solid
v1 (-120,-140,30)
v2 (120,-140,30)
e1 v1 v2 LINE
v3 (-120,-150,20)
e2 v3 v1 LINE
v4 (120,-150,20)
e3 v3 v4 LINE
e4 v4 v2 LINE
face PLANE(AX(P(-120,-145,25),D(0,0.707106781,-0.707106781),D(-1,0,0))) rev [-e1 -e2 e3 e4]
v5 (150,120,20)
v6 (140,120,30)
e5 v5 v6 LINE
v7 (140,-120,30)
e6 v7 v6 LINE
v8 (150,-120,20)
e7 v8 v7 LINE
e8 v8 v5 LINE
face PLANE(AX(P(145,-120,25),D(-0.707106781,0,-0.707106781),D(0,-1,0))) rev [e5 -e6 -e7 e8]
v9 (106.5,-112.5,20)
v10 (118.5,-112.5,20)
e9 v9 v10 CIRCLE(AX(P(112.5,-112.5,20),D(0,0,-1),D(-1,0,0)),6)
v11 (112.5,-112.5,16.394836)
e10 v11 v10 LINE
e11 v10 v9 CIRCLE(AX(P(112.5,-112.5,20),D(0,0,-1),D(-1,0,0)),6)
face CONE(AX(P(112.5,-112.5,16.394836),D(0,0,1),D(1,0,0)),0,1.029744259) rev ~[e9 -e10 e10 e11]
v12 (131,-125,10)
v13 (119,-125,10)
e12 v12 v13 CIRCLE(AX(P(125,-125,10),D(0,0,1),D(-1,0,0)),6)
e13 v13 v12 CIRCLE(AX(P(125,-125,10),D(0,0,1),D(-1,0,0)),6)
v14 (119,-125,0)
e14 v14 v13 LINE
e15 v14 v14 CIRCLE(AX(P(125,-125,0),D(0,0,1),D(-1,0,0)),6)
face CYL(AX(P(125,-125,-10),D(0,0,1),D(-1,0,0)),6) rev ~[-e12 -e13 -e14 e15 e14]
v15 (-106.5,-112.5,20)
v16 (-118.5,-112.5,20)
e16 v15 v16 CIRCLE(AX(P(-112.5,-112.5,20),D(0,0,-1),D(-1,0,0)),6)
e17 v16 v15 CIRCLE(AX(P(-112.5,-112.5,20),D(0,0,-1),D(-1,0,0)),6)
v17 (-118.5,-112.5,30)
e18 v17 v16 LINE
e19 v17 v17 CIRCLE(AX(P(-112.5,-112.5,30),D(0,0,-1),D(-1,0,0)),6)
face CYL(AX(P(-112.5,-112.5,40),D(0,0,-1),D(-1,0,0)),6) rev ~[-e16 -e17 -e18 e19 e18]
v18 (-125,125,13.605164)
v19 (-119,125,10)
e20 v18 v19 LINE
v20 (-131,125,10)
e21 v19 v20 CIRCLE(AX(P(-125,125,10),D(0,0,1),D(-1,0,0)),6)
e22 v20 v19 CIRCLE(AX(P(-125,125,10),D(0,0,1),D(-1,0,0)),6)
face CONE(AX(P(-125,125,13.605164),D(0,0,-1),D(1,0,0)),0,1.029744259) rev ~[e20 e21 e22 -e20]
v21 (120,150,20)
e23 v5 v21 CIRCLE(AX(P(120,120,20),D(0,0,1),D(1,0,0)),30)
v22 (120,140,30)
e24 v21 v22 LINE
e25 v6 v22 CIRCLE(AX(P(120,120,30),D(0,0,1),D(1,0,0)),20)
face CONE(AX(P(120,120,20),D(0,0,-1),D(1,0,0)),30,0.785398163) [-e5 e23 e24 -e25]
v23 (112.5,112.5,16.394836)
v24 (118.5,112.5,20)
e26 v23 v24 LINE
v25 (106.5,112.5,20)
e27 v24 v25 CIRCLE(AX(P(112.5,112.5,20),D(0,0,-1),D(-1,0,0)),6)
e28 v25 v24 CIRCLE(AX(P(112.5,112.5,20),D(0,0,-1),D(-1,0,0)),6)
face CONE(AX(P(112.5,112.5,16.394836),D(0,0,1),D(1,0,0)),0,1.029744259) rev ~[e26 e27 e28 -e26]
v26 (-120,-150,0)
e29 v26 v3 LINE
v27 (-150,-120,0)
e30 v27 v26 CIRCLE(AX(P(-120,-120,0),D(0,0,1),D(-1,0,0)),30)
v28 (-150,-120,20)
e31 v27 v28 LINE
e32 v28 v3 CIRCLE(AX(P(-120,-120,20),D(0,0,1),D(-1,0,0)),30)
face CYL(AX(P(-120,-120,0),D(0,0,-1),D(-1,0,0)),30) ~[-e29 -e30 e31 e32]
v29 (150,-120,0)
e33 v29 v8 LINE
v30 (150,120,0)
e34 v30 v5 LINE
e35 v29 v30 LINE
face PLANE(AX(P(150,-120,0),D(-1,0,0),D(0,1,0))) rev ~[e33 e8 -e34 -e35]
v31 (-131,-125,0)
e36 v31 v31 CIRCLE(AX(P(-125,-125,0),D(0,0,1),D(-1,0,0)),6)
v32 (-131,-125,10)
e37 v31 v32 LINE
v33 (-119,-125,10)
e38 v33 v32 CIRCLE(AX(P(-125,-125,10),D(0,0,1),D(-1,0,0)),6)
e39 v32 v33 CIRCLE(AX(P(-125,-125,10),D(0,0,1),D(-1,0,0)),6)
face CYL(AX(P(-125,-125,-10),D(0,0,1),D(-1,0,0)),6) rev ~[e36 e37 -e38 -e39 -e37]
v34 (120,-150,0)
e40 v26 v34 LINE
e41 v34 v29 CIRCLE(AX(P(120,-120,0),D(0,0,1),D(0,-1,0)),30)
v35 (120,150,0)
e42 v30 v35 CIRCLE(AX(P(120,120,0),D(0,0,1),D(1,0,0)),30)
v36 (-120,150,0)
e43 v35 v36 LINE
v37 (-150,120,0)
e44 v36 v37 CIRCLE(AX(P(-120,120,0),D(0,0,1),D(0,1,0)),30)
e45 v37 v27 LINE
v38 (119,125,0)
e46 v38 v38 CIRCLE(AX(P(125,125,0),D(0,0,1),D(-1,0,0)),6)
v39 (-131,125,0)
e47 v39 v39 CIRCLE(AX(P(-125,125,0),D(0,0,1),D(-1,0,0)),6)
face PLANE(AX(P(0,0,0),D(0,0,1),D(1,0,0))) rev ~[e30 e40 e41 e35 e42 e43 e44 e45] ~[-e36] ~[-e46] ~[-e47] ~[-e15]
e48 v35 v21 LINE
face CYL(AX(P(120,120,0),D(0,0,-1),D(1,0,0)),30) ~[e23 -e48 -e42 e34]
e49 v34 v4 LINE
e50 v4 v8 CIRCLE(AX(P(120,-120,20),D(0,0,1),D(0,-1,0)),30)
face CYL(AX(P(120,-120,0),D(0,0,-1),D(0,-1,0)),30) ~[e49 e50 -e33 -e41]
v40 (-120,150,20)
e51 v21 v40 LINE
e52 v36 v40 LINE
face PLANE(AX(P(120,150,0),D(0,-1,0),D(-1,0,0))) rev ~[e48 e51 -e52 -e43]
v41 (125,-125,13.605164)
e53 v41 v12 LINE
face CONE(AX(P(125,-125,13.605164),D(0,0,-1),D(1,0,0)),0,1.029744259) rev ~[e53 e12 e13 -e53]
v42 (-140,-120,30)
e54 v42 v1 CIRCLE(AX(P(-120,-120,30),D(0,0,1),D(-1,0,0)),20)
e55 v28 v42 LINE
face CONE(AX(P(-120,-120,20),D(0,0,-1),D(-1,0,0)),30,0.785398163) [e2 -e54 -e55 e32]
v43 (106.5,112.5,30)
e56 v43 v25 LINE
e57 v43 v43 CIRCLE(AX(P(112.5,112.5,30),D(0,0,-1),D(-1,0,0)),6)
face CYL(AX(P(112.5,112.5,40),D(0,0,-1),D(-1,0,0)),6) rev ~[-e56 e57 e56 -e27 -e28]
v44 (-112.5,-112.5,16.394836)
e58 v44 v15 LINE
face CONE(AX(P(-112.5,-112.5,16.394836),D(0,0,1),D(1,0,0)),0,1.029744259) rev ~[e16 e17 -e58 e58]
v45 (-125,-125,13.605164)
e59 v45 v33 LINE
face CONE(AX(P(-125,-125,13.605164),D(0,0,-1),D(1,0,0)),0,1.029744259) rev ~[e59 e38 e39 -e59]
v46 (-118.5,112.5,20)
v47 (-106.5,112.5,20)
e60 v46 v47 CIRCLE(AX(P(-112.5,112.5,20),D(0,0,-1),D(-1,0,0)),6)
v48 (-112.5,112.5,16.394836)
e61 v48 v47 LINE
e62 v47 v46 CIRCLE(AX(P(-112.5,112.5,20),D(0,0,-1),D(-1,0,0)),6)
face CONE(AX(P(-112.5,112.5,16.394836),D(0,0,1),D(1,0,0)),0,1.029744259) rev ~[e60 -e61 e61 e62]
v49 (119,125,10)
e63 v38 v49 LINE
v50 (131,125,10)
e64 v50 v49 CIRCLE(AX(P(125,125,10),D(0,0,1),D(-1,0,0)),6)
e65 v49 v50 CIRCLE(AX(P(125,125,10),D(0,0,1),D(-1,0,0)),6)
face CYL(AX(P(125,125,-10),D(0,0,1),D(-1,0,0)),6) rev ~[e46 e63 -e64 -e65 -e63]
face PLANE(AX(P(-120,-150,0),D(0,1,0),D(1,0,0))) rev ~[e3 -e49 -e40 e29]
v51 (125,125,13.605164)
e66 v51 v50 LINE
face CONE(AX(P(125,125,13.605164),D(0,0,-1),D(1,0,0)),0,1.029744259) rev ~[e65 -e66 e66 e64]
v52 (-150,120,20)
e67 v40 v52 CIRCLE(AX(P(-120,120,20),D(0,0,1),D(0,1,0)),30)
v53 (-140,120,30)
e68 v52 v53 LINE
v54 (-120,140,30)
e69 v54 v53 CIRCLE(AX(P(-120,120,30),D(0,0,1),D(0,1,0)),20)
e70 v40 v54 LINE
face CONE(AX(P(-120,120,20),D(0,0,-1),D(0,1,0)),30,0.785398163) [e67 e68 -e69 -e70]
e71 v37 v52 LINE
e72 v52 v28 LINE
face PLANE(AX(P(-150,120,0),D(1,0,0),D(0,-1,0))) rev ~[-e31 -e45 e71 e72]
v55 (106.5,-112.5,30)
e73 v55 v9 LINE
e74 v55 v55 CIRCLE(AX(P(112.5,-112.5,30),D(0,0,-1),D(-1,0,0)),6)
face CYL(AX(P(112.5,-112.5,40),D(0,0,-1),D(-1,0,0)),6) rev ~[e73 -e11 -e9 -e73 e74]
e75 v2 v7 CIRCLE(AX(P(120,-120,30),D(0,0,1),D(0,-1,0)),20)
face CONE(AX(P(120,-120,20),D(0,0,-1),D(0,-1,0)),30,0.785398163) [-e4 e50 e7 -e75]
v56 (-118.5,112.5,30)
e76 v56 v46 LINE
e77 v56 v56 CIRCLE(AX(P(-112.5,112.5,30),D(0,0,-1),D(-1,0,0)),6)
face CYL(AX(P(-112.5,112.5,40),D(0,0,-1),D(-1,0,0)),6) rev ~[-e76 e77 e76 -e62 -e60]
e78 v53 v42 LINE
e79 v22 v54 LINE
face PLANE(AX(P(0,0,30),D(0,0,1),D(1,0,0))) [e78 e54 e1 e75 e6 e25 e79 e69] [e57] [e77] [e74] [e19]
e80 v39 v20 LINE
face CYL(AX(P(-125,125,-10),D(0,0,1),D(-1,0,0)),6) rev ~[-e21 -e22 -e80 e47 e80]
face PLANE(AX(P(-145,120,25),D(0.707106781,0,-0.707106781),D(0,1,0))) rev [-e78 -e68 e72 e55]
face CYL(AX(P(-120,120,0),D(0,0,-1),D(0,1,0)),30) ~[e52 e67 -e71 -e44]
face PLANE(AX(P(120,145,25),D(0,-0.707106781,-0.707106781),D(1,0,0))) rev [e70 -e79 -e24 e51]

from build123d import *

# Parameters (mm, degrees)
F1_DEPTH = 30
F2_SIZE  = 10
F4_D     = 12
F4_DEPTH = 10
F4_TIP   = 3.6051637142
F6_D     = 12
F6_DEPTH = 10
F6_TIP   = 3.6051637142


with BuildPart() as f1:
    # F0 (on Top) → F1 (new body)
    with BuildSketch(Plane.XY):
        with BuildLine():
            Line((120, 150), (-120, 150))
            ThreePointArc((-120, 150), (-141.2132034356, 141.2132034356), (-150, 120))
            Line((-150, 120), (-150, -120))
            ThreePointArc((-150, -120), (-141.2132034356, -141.2132034356), (-120, -150))
            Line((-120, -150), (120, -150))
            ThreePointArc((120, -150), (141.2132034356, -141.2132034356), (150, -120))
            Line((150, -120), (150, 120))
            ThreePointArc((150, 120), (141.2132034356, 141.2132034356), (120, 150))
        make_face()
    extrude(amount=F1_DEPTH)

    # F2
    f2_edges = [f1.edges().sort_by_distance(p)[0] for p in [
        (-150, 0, 30),
    ]]
    chamfer(f2_edges, length=F2_SIZE)

    # F4
    with Locations(Plane.XY.offset(30)):
        with Locations((-112.5, 112.5), (-112.5, -112.5), (112.5, 112.5), (112.5, -112.5)):
            Hole(F4_D / 2, depth=F4_DEPTH)
            with Locations((0, 0, -(F4_DEPTH + F4_TIP / 2))):  # 118° drill point
                Cone(0, F4_D / 2, F4_TIP, mode=Mode.SUBTRACT)

    # F6
    with Locations(Plane(origin=(0, 0, 0), x_dir=(1, 0, 0), z_dir=(0, 0, -1))):
        with Locations((-125, 125), (125, 125), (125, -125), (-125, -125)):
            Hole(F6_D / 2, depth=F6_DEPTH)
            with Locations((0, 0, -(F6_DEPTH + F6_TIP / 2))):  # 118° drill point
                Cone(0, F6_D / 2, F6_TIP, mode=Mode.SUBTRACT)


solid = f1.part
